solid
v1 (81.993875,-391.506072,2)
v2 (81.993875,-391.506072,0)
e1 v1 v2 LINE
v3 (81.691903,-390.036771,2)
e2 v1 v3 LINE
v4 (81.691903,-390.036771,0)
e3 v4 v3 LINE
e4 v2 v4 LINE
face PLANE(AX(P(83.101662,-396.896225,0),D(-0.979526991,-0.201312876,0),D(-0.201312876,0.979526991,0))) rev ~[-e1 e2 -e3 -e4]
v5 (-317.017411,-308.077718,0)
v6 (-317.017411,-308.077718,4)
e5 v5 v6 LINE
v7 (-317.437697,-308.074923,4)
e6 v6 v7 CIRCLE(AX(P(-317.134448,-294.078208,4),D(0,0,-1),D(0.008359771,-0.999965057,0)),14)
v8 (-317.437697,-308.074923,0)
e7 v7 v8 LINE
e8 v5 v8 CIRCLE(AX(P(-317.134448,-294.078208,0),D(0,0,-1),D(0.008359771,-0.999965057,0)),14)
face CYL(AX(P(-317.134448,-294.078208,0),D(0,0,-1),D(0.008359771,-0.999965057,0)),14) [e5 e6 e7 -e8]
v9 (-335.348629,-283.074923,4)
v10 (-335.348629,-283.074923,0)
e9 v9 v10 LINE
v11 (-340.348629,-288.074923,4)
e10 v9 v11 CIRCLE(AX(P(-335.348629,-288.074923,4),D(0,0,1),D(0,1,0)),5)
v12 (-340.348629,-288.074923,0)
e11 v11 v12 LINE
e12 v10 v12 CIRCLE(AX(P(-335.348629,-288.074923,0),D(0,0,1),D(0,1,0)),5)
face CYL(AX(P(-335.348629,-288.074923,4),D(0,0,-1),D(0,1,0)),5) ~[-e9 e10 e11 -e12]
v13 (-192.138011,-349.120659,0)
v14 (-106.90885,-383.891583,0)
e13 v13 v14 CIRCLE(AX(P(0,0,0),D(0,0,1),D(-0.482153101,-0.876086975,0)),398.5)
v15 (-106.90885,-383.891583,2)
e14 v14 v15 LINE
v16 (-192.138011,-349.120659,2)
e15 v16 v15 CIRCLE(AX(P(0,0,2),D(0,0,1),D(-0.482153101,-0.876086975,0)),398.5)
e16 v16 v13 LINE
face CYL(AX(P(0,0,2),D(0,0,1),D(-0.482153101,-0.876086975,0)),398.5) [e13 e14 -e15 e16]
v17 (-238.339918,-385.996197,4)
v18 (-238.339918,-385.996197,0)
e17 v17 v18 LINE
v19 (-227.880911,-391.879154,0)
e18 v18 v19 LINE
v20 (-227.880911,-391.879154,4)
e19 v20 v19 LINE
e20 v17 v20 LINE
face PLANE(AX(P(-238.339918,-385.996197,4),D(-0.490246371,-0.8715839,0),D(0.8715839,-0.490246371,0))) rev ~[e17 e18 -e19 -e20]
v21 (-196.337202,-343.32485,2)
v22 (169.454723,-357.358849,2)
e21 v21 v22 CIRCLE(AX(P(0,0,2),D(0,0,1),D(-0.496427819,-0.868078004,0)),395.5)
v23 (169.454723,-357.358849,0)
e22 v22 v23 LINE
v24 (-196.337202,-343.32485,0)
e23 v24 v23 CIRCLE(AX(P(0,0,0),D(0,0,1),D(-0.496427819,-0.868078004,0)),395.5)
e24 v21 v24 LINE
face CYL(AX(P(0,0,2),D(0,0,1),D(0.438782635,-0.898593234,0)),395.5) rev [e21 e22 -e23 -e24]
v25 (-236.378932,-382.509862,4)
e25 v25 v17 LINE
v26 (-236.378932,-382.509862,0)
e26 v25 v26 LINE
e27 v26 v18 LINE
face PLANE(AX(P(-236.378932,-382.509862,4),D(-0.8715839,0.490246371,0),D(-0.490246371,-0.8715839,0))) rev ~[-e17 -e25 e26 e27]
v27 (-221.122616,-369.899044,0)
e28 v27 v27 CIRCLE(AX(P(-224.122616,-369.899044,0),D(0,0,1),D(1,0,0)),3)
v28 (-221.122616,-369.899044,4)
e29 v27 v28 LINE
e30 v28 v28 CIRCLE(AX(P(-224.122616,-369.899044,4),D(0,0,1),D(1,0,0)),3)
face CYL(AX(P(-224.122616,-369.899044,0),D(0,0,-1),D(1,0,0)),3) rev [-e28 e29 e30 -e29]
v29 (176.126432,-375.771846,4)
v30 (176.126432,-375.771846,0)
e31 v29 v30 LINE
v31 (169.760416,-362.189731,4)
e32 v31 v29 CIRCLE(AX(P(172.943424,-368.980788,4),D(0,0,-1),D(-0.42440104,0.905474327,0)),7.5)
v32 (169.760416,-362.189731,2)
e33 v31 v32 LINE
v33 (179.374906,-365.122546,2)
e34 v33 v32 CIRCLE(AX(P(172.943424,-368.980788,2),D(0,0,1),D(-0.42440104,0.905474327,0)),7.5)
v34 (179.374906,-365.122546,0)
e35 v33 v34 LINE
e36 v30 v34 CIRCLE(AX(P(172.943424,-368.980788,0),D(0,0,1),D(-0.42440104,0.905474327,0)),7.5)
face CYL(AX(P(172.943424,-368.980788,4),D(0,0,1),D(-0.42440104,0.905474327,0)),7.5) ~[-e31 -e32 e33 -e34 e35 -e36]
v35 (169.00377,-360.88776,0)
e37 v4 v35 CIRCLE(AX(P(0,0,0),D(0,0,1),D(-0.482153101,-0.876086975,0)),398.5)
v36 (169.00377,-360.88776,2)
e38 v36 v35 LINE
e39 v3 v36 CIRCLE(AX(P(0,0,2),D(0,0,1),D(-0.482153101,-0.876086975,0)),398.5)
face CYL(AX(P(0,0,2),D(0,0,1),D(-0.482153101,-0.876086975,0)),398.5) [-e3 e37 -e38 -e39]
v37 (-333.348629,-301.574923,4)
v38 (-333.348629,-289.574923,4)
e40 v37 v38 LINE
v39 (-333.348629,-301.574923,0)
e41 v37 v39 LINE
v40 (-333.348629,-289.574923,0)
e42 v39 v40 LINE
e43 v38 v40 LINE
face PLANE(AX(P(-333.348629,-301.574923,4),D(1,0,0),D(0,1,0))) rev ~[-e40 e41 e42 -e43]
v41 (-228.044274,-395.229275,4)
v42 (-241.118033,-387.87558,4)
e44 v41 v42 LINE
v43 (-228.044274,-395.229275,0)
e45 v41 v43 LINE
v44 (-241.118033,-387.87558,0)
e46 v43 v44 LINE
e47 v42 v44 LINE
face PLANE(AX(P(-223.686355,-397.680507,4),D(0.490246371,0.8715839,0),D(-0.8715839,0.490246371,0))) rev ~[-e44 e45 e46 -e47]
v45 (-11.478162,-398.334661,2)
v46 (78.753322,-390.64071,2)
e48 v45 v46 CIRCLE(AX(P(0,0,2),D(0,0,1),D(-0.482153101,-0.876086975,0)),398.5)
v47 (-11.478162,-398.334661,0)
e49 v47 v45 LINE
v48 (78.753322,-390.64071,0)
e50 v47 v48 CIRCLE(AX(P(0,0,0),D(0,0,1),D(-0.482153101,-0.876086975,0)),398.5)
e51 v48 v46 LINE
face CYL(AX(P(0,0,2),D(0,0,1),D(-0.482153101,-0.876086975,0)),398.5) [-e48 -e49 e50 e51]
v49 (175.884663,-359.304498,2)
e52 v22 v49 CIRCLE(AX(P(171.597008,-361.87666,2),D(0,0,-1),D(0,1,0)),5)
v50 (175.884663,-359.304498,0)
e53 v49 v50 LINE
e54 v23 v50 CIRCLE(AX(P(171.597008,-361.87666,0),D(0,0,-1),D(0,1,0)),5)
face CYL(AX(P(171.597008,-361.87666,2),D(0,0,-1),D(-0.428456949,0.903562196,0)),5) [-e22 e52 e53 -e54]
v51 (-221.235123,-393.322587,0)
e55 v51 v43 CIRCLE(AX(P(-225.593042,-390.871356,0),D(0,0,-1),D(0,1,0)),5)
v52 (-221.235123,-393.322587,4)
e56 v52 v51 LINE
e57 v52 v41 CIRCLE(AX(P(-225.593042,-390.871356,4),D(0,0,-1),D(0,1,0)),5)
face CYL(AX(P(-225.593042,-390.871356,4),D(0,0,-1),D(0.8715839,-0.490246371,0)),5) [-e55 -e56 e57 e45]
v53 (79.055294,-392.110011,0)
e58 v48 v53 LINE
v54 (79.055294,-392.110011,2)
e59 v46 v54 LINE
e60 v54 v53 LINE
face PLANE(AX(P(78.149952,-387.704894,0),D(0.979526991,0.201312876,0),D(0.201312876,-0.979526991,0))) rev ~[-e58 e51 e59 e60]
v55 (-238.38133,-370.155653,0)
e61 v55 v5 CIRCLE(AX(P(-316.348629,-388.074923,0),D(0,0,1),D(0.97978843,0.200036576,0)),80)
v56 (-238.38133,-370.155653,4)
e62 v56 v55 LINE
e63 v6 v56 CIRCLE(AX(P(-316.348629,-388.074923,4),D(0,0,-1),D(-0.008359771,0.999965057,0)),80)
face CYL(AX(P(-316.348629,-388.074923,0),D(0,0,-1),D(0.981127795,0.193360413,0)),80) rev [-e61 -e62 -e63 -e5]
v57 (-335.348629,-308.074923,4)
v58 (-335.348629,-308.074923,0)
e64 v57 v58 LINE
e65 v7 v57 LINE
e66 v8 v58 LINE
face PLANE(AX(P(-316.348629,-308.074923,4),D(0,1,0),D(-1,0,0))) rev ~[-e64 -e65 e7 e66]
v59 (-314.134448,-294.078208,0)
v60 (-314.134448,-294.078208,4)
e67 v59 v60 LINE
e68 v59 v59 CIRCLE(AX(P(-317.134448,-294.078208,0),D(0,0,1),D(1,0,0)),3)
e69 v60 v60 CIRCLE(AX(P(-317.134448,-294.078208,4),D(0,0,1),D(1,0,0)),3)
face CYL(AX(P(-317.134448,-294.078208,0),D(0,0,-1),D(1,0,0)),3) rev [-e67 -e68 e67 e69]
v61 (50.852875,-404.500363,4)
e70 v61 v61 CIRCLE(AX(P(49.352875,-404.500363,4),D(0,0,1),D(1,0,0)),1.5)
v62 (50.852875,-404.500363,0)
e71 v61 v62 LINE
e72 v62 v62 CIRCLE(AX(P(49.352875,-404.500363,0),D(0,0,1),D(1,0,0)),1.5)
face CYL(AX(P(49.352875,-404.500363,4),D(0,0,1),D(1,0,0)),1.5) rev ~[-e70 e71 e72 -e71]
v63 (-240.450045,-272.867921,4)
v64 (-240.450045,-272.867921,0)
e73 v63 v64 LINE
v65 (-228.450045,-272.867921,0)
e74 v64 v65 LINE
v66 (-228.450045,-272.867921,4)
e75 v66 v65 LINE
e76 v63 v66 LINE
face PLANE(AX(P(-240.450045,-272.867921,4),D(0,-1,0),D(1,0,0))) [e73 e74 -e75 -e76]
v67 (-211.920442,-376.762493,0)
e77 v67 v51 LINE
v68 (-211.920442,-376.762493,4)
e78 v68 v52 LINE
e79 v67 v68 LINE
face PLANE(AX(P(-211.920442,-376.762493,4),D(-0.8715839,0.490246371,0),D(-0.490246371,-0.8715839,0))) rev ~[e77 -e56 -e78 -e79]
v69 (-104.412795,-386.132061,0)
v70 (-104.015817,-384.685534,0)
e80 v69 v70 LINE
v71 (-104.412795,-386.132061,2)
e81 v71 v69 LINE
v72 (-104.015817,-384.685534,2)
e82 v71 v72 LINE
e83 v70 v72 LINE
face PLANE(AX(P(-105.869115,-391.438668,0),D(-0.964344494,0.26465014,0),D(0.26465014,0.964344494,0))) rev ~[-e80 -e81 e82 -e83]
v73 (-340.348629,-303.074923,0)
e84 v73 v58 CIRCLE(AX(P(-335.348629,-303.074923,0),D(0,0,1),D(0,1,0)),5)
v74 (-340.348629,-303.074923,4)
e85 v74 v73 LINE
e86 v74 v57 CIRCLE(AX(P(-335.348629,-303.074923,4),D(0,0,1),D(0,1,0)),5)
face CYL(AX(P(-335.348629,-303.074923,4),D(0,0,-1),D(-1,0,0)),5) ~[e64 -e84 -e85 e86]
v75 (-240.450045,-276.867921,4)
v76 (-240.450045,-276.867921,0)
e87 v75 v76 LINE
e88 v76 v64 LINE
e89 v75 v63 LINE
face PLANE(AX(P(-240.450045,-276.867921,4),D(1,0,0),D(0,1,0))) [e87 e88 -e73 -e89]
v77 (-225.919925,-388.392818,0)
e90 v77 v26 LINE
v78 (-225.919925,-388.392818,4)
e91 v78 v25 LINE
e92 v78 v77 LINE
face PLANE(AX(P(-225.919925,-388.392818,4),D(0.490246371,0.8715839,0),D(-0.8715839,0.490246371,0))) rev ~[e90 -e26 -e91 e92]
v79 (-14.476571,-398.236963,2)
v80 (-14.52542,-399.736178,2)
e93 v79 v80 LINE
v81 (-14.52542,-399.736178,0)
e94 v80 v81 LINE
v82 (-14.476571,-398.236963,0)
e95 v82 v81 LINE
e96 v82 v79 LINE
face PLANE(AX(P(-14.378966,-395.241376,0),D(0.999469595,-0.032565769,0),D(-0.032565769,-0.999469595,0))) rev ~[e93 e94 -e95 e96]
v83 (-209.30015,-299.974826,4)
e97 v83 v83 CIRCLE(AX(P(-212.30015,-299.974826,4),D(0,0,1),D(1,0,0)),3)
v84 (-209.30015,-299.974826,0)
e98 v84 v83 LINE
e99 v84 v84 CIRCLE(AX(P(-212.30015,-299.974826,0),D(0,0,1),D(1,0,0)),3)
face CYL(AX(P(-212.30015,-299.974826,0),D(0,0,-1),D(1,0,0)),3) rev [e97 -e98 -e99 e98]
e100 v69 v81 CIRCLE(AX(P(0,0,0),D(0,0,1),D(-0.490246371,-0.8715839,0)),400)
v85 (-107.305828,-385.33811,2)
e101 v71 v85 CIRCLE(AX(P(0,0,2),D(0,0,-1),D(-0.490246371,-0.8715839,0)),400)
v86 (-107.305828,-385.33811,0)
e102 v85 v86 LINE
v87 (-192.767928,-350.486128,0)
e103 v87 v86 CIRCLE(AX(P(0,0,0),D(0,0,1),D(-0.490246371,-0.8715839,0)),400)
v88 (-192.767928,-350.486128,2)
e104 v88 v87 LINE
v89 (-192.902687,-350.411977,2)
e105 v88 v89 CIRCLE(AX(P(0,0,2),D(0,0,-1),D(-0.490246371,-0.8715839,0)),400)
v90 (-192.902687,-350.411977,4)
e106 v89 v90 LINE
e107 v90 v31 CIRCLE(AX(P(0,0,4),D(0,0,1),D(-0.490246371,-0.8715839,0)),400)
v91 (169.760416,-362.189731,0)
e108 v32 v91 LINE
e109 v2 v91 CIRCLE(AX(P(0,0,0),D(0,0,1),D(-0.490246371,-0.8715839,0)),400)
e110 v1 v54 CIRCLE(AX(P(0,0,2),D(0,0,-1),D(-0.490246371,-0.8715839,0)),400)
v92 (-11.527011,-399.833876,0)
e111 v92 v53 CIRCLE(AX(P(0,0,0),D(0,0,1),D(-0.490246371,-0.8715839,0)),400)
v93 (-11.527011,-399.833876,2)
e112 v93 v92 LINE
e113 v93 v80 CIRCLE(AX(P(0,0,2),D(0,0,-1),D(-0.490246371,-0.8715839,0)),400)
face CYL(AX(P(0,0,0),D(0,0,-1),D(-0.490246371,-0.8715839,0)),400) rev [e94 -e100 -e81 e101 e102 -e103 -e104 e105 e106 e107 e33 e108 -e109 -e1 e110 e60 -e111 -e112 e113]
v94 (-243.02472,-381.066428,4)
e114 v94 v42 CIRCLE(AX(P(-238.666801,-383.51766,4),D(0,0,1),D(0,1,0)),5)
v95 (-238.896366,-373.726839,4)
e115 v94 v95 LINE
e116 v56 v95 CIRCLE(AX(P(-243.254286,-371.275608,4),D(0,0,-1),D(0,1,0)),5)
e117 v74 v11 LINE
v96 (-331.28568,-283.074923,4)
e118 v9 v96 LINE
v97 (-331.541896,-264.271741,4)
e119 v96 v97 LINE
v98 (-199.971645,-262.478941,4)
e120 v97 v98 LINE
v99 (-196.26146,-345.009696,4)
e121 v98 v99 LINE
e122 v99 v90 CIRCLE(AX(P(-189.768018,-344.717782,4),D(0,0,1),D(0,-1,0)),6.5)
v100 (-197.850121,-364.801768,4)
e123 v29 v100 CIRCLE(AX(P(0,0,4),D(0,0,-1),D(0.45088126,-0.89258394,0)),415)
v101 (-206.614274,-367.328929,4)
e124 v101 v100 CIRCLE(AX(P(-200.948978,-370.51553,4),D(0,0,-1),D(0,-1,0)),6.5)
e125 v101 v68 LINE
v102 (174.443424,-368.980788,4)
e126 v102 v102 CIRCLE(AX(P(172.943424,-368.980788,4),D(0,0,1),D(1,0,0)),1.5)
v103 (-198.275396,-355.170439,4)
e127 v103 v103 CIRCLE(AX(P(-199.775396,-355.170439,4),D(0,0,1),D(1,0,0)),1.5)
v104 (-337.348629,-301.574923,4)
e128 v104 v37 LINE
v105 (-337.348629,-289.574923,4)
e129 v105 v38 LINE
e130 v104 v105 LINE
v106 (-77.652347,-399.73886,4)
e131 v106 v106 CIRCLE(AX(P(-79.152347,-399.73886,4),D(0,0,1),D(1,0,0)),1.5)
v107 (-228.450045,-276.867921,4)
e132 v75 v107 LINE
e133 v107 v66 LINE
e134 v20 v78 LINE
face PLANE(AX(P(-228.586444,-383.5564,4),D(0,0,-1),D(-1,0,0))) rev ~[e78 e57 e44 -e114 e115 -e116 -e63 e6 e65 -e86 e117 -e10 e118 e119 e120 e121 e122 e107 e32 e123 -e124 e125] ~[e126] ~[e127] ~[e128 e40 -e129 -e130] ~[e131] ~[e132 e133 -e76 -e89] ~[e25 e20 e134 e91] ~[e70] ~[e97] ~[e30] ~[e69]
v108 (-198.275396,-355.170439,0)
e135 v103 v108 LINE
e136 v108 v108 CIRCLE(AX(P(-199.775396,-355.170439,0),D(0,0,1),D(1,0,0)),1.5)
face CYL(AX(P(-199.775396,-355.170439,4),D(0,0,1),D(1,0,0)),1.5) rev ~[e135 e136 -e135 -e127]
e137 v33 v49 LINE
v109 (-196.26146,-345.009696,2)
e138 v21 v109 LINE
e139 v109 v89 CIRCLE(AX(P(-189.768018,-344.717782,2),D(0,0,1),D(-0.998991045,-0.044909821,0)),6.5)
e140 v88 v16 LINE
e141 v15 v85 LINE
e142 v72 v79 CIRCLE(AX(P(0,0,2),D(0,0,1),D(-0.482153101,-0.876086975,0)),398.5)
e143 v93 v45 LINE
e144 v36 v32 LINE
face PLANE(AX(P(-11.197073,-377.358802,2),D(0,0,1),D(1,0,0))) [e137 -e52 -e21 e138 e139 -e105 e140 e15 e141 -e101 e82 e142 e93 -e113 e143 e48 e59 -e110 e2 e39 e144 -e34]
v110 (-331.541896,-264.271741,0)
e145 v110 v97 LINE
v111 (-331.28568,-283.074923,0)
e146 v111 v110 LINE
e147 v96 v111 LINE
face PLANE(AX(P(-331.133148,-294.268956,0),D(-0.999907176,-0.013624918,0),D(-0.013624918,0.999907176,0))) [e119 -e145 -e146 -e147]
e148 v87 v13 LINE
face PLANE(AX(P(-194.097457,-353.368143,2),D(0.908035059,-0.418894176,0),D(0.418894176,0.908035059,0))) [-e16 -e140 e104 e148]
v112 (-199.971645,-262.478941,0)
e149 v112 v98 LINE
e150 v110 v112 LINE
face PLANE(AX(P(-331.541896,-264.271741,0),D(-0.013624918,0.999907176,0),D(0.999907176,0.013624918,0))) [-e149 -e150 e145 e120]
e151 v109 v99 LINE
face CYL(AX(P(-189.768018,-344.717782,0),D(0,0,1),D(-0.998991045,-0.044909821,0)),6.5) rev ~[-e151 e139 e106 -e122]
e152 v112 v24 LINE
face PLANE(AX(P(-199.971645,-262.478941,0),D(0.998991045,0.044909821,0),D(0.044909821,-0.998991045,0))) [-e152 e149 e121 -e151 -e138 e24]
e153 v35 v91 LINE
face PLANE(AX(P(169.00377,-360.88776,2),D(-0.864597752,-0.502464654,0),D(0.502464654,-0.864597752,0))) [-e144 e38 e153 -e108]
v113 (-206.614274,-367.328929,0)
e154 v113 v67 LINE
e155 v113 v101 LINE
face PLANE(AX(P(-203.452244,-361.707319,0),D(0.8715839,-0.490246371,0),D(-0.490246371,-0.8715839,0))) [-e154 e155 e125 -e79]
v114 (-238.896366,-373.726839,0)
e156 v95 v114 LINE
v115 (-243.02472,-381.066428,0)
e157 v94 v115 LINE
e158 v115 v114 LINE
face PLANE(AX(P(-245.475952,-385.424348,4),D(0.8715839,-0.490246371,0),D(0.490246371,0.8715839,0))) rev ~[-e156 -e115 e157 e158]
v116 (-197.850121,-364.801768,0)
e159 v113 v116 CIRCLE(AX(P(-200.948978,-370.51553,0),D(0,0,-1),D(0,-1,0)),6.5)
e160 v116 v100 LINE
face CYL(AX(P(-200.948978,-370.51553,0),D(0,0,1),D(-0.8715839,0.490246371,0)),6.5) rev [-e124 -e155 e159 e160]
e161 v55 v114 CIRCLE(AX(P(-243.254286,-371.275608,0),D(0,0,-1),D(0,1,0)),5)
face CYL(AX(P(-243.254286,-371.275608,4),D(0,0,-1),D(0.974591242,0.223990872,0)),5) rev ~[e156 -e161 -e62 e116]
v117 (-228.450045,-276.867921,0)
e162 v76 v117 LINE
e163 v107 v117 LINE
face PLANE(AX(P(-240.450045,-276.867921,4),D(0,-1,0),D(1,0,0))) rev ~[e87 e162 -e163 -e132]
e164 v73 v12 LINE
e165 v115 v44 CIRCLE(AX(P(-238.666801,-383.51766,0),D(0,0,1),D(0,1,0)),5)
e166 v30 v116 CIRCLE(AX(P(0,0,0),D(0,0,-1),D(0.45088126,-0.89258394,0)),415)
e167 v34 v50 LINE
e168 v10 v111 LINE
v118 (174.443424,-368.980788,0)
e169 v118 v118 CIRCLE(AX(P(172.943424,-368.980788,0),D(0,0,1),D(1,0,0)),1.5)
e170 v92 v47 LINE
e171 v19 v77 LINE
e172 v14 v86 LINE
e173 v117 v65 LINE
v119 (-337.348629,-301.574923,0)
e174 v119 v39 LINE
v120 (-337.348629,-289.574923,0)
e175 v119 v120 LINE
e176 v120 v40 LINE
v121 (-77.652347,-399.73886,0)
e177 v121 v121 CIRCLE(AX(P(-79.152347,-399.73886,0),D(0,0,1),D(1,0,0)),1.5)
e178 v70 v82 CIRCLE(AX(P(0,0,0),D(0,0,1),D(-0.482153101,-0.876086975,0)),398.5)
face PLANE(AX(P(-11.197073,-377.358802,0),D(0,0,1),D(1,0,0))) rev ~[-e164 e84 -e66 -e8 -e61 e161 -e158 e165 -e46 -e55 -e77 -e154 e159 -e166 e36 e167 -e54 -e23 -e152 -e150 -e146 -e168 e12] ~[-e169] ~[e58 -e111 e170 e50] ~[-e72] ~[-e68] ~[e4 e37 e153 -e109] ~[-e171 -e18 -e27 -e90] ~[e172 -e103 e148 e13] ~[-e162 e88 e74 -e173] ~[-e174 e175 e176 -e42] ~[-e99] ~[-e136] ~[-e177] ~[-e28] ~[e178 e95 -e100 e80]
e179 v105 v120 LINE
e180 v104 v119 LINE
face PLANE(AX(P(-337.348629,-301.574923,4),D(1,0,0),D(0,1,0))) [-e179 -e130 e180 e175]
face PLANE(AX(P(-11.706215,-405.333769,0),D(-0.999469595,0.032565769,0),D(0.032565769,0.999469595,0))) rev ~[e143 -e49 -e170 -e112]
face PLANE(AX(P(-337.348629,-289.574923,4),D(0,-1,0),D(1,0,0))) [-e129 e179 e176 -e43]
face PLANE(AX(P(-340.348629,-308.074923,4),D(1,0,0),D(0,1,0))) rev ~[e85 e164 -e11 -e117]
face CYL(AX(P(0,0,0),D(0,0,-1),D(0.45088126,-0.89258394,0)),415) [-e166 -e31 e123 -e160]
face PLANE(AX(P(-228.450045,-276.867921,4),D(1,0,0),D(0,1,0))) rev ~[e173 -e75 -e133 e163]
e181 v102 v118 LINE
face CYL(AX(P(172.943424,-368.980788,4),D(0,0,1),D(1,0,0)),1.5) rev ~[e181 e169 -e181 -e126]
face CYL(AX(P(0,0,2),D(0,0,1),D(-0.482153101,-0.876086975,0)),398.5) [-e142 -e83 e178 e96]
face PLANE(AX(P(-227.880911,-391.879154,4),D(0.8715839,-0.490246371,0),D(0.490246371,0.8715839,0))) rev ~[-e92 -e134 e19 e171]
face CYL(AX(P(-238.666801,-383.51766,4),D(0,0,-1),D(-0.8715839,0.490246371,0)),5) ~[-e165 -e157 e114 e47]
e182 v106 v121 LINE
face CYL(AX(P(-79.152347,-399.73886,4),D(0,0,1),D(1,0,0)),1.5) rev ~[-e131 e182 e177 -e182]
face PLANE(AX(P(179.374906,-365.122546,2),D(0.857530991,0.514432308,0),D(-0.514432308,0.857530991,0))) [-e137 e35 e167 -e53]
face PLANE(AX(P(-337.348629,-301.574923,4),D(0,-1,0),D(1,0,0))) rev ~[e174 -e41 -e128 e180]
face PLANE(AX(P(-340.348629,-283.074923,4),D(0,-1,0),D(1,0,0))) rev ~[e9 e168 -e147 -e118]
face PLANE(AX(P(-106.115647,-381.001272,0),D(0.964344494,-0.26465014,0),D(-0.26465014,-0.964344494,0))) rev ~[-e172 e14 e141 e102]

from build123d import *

# Parameters (mm, degrees)
ESQUISSE2_R             = 3
BOSS_EXTRU_1_DEPTH      = 4
ESQUISSE3_R             = 1.5
ENL_V_MAT_EXTRU_1_DEPTH = 5
CONG_1_R                = 6.5
ESQUISSE4_W             = 4
ESQUISSE4_H             = 12
BOSS_EXTRU_2_DEPTH      = 4
CONG_2_R                = 5
ESQUISSE5_W             = 12
ESQUISSE5_H             = 4
ENL_V_MAT_EXTRU_2_DEPTH = 4
BOSS_EXTRU_3_START      = -2
BOSS_EXTRU_3_DEPTH      = 2
CONG_3_R                = 5
BOSS_EXTRU_4_DEPTH      = 2


with BuildPart() as part:
    # Esquisse2 → Boss.-Extru.1 (new body)
    with BuildSketch(Plane.XY):
        with BuildLine():
            Line((-199.971644797, -262.478940861), (-196.098548459, -348.633560192))
            ThreePointArc((-196.098548459, -348.633560192), (-8.923258694, -399.900456932), (180.352503917, -357.033575915))
            Line((180.352503917, -357.033575915), (187.115722814, -370.422335012))
            ThreePointArc((187.115722814, -370.422335012), (-9.257880895, -414.896724067), (-203.452244027, -361.707318699))
            Line((-203.452244027, -361.707318699), (-211.920441681, -376.762493353))
            ThreePointArc((-211.920441681, -376.762493353), (-226.337772202, -383.722686379), (-237.858405423, -372.606089933))
            ThreePointArc((-237.858405423, -372.606089933), (-265.801404699, -326.067035455), (-317.01741072, -308.077718418))
            ThreePointArc((-317.01741072, -308.077718418), (-326.924525304, -304.085923492), (-331.133147983, -294.268956483))
            Line((-331.133147983, -294.268956483), (-331.541895531, -264.271741188))
            Line((-331.541895531, -264.271741188), (-199.971644797, -262.478940861))
        make_face()
        with Locations((-317.134447512, -294.078207627)):
            Circle(ESQUISSE2_R, mode=Mode.SUBTRACT)
        with Locations((-212.300150205, -299.974825982)):
            Circle(ESQUISSE2_R, mode=Mode.SUBTRACT)
        with Locations((-224.122616287, -369.899044157)):
            Circle(ESQUISSE2_R, mode=Mode.SUBTRACT)
    extrude(amount=BOSS_EXTRU_1_DEPTH)

    # Esquisse3 → Enlèv. mat.-Extru.1 (cut, through all)
    with BuildSketch(Plane.XY.offset(4)):
        with BuildLine():
            ThreePointArc((180.352503917, -357.033575915), (175.075442806, -359.650649), (169.760416098, -362.18973084))
            ThreePointArc((169.760416098, -362.18973084), (179.734481353, -365.797780492), (176.126431702, -375.771845747))
            ThreePointArc((176.126431702, -375.771845747), (181.640771911, -373.137548338), (187.115722814, -370.422335012))
            Line((187.115722814, -370.422335012), (180.352503917, -357.033575915))
        make_face()
        with Locations((172.9434239, -368.980788294)):
            Circle(ESQUISSE3_R)
        with Locations((49.352874806, -404.5003631)):
            Circle(ESQUISSE3_R)
        with Locations((-79.152347286, -399.738859656)):
            Circle(ESQUISSE3_R)
        with Locations((-199.775396243, -355.170439446)):
            Circle(ESQUISSE3_R)
    extrude(amount=-ENL_V_MAT_EXTRU_1_DEPTH, mode=Mode.SUBTRACT)

    # Congé1
    cong_1_edges = [part.edges().sort_by_distance(p)[0] for p in [
        (-203.452244027, -361.707318699, 2),
        (-196.098548459, -348.633560192, 2),
    ]]
    fillet(cong_1_edges, radius=CONG_1_R)

    # Esquisse4 → Boss.-Extru.2 (add)
    with BuildSketch(Plane.XY.offset(4)):
        Polygon((-211.920441681, -376.762493353), (-223.686354588, -397.680506965), (-245.4759521, -385.424347686), (-237.96555462, -372.071996878), (-225.374330656, -376.762493353), align=None)
        Polygon((-238.339917634, -385.996197397), (-227.880910828, -391.879153851), (-225.919925343, -388.392818249), (-236.378932149, -382.509861795), align=None, mode=Mode.SUBTRACT)
        Polygon((-316.348629052, -308.074922938), (-340.348629052, -308.074922938), (-340.348629052, -283.074922938), (-331.285679934, -283.074922938), align=None)
        with Locations((-335.348629052, -295.574922938)):
            Rectangle(ESQUISSE4_W, ESQUISSE4_H, mode=Mode.SUBTRACT)
    extrude(amount=-BOSS_EXTRU_2_DEPTH)

    # Congé2
    cong_2_edges = [part.edges().sort_by_distance(p)[0] for p in [
        (-340.348629052, -308.074922938, 2),
        (-340.348629052, -283.074922938, 2),
        (-223.686354588, -397.680506965, 2),
        (-245.4759521, -385.424347686, 2),
        (-237.96555462, -372.071996878, 2),
    ]]
    fillet(cong_2_edges, radius=CONG_2_R)

    # Esquisse5 → Enlèv. mat.-Extru.2 (cut)
    with BuildSketch(Plane.XY.offset(4)):
        with Locations((-234.450045065, -274.867921079)):
            Rectangle(ESQUISSE5_W, ESQUISSE5_H)
    extrude(amount=-ENL_V_MAT_EXTRU_2_DEPTH, mode=Mode.SUBTRACT)

    # Esquisse6 → Boss.-Extru.3 (add)
    with BuildSketch(Plane.XY.offset(4).offset(BOSS_EXTRU_3_START)):
        with BuildLine():
            Line((169.003770429, -360.887760364), (169.760416098, -362.18973084))
            Line((169.760416098, -362.18973084), (178.042128837, -365.922078374))
            Line((178.042128837, -365.922078374), (179.374906332, -365.122545984))
            Line((179.374906332, -365.122545984), (173.538532023, -355.393623893))
            ThreePointArc((173.538532023, -355.393623893), (-12.898010177, -395.289629681), (-196.337202457, -343.324850443))
            Line((-196.337202457, -343.324850443), (-200.18270603, -348.6233841))
            Line((-200.18270603, -348.6233841), (-194.097457315, -353.368142853))
            Line((-194.097457315, -353.368142853), (-192.138010837, -349.120659359))
            ThreePointArc((-192.138010837, -349.120659359), (-12.977458778, -398.288633485), (169.003770429, -360.887760364))
        make_face()
    extrude(amount=-BOSS_EXTRU_3_DEPTH)

    # Congé3
    cong_3_edges = [part.edges().sort_by_distance(p)[0] for p in [
        (173.538532023, -355.393623893, 1),
    ]]
    fillet(cong_3_edges, radius=CONG_3_R)

    # Esquisse8 → Boss.-Extru.4 (add)
    with BuildSketch(Plane(origin=(0, 0, 0), x_dir=(-1, 0, 0), z_dir=(0, 0, -1))):
        Polygon((11.706214766, -405.333769301), (11.38055708, -395.339073354), (14.378965864, -395.241376048), (14.70462355, -405.236071995), align=None)
        Polygon((-83.101661868, -396.896225473), (-81.088533104, -387.100955565), (-78.149952132, -387.704894194), (-80.163080896, -397.500164102), align=None)
        Polygon((105.869114928, -391.438667615), (103.22261353, -381.795222673), (106.115647013, -381.001272254), (108.76214841, -390.644717196), align=None)
    extrude(amount=-BOSS_EXTRU_4_DEPTH)


solid = part.part
